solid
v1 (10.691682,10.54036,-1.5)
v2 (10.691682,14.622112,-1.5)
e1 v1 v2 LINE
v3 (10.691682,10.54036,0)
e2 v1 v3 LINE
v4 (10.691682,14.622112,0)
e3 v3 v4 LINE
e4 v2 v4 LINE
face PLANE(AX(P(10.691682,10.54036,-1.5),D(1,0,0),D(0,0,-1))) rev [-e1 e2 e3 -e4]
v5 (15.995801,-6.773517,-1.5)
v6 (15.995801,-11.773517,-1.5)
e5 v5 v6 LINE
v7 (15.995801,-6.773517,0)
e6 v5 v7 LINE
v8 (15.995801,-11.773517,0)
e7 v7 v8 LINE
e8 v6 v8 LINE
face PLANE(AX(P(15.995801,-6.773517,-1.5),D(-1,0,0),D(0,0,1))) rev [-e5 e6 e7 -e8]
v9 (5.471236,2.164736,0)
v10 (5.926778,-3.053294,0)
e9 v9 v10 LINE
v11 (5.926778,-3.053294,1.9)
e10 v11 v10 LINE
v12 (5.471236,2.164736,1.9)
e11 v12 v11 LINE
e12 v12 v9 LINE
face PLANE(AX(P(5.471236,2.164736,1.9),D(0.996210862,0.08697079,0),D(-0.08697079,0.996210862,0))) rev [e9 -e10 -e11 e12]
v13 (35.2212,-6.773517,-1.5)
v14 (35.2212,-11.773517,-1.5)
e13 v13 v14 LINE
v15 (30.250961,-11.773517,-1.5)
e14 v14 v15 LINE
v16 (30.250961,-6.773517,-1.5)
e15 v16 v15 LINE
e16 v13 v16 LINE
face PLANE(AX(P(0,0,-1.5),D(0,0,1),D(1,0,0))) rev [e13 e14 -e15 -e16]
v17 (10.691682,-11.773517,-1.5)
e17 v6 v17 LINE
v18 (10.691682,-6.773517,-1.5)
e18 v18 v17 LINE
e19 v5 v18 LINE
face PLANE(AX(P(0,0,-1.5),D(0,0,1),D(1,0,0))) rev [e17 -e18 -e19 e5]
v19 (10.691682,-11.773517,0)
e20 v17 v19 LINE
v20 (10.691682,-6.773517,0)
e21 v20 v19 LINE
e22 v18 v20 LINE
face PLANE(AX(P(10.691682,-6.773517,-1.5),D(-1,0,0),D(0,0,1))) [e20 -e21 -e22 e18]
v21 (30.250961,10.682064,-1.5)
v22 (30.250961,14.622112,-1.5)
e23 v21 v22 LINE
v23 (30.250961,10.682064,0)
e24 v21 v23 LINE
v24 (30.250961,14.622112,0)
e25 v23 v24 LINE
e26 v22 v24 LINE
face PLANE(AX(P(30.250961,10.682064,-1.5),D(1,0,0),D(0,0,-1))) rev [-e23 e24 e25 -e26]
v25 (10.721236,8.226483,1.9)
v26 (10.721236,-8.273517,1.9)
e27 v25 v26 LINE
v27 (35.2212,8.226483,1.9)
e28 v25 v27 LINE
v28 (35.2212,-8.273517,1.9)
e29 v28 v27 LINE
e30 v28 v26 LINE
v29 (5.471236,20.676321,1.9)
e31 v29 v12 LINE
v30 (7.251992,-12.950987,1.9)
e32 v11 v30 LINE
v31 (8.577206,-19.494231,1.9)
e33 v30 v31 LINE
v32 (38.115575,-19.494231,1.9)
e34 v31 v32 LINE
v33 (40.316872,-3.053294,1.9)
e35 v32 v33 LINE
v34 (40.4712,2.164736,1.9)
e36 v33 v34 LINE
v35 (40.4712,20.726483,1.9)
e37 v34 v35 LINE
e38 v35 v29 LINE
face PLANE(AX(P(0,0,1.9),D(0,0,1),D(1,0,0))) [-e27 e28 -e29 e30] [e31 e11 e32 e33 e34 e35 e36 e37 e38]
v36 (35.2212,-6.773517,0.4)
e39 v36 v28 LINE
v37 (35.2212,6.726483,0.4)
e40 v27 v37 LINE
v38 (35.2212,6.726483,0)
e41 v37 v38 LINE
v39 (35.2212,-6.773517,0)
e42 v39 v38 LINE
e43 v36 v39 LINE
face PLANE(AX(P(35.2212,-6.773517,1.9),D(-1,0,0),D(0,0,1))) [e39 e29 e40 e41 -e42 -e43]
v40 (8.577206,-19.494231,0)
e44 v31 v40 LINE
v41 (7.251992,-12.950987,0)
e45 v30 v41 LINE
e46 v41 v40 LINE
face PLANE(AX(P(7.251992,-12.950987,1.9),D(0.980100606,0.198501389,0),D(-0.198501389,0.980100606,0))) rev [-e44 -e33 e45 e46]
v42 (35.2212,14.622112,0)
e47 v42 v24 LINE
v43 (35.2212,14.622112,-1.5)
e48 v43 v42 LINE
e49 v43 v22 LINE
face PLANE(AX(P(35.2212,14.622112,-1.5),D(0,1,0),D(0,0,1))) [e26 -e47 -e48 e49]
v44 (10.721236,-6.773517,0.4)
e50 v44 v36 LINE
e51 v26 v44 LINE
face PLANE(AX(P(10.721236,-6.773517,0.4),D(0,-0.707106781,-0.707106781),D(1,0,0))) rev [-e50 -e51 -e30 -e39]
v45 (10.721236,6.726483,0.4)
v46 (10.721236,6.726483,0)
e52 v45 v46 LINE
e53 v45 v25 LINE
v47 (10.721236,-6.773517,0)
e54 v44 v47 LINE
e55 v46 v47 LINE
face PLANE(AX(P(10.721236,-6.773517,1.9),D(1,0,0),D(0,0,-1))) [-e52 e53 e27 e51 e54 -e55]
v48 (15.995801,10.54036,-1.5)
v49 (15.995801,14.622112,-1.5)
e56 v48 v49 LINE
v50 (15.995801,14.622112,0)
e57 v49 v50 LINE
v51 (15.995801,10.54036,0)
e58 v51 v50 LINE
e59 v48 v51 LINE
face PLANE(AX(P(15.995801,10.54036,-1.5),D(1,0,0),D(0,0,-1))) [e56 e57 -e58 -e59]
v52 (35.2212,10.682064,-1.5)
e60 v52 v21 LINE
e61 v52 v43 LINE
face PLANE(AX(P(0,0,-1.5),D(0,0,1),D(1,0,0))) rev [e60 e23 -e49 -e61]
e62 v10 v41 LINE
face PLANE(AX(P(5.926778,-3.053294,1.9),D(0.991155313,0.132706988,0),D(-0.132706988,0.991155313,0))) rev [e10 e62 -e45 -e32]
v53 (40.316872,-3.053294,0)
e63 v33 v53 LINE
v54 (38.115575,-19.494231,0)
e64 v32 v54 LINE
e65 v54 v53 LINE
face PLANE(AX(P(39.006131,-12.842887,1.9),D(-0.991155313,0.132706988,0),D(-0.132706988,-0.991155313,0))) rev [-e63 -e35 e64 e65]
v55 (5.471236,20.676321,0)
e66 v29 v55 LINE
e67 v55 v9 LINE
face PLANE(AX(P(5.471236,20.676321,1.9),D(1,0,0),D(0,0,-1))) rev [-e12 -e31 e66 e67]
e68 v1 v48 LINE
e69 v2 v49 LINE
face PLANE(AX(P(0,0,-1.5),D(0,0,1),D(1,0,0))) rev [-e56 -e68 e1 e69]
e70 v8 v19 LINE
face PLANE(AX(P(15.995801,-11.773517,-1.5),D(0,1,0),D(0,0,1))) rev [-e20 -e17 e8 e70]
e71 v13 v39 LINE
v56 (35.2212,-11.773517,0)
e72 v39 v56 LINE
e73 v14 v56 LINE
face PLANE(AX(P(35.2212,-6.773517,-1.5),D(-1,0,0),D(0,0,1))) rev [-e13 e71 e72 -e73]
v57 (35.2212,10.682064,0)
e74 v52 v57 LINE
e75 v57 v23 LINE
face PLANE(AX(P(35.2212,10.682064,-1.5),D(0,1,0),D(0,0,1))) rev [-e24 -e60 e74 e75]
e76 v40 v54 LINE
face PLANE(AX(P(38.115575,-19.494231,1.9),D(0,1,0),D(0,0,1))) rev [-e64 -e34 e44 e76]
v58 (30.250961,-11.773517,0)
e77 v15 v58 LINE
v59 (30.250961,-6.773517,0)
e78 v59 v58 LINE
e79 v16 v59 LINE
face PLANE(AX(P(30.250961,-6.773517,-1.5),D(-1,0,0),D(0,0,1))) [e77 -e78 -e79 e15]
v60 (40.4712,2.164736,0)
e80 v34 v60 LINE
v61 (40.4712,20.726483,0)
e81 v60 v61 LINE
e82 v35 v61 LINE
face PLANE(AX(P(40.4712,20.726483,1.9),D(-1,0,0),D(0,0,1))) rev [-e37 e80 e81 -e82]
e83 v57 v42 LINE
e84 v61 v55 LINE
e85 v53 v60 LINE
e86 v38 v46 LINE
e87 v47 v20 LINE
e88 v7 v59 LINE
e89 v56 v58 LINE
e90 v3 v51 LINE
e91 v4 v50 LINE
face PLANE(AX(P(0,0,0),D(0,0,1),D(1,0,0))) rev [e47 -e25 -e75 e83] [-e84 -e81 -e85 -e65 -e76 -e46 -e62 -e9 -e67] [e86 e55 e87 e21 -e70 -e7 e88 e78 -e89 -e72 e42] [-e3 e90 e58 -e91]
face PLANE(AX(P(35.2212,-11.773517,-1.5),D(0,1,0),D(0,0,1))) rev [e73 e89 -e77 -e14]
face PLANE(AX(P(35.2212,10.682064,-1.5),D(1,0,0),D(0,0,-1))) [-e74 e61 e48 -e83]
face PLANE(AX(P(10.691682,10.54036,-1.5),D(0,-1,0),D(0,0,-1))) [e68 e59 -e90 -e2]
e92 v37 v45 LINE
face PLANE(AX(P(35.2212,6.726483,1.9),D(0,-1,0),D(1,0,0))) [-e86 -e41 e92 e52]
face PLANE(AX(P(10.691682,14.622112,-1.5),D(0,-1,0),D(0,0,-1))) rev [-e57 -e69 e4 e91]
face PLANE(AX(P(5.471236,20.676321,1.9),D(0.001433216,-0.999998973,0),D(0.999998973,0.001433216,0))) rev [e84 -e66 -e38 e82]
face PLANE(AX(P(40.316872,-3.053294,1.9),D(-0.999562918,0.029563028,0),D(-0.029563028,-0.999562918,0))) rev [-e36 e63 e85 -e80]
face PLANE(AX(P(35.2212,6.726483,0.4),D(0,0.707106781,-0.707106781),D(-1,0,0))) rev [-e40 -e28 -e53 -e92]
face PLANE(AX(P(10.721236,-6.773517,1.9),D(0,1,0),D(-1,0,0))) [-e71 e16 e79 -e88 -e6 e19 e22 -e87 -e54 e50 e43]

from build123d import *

# Parameters (mm, degrees)
SKETCH1_W           = 24.499964053
SKETCH1_H           = 13.5
BOSS_EXTRUDE1_DEPTH = 1.9
CHAMFER2_SIZE       = 1.5
SKETCH3_W           = 4.970239213
SKETCH3_H           = 5
SKETCH3_W_2         = 5.304118475
SKETCH3_H_2         = 3.940048439
SKETCH3_H_3         = 4.081751912
BOSS_EXTRUDE4_DEPTH = 1.5


with BuildPart() as part:
    # Sketch1 → Boss-Extrude1 (new body)
    with BuildSketch(Plane.XY):
        Polygon((5.471235903, 20.676320824), (40.471199956, 20.726483376), (40.471199956, 2.164736428), (40.316871719, -3.053294073), (39.006131301, -12.842886574), (38.115574665, -19.494231445), (37.577206439, -19.494231445), (8.577206439, -19.494231445), (7.251992344, -12.950986849), (5.926778248, -3.053294073), (5.471235903, 2.164736428), align=None)
        with Locations((22.971217929, -0.023516624)):
            Rectangle(SKETCH1_W, SKETCH1_H, mode=Mode.SUBTRACT)
    extrude(amount=BOSS_EXTRUDE1_DEPTH)

    # Chamfer2
    chamfer2_edges = [part.edges().sort_by_distance(p)[0] for p in [
        (22.971217929, 6.726483376, 1.9),
        (22.971217929, -6.773516624, 1.9),
    ]]
    chamfer(chamfer2_edges, length=CHAMFER2_SIZE)

    # Sketch3 → Boss-Extrude4 (add)
    with BuildSketch(Plane(origin=(0, 0, 0), x_dir=(-1, 0, 0), z_dir=(0, 0, -1))):
        with Locations((-32.736080349, -9.273516624)):
            Rectangle(SKETCH3_W, SKETCH3_H)
        with Locations((-13.343741273, -9.273516624)):
            Rectangle(SKETCH3_W_2, SKETCH3_H)
        with Locations((-32.736080349, 12.652087829)):
            Rectangle(SKETCH3_W, SKETCH3_H_2)
        with Locations((-13.343741273, 12.581236092)):
            Rectangle(SKETCH3_W_2, SKETCH3_H_3)
    extrude(amount=BOSS_EXTRUDE4_DEPTH)


solid = part.part
